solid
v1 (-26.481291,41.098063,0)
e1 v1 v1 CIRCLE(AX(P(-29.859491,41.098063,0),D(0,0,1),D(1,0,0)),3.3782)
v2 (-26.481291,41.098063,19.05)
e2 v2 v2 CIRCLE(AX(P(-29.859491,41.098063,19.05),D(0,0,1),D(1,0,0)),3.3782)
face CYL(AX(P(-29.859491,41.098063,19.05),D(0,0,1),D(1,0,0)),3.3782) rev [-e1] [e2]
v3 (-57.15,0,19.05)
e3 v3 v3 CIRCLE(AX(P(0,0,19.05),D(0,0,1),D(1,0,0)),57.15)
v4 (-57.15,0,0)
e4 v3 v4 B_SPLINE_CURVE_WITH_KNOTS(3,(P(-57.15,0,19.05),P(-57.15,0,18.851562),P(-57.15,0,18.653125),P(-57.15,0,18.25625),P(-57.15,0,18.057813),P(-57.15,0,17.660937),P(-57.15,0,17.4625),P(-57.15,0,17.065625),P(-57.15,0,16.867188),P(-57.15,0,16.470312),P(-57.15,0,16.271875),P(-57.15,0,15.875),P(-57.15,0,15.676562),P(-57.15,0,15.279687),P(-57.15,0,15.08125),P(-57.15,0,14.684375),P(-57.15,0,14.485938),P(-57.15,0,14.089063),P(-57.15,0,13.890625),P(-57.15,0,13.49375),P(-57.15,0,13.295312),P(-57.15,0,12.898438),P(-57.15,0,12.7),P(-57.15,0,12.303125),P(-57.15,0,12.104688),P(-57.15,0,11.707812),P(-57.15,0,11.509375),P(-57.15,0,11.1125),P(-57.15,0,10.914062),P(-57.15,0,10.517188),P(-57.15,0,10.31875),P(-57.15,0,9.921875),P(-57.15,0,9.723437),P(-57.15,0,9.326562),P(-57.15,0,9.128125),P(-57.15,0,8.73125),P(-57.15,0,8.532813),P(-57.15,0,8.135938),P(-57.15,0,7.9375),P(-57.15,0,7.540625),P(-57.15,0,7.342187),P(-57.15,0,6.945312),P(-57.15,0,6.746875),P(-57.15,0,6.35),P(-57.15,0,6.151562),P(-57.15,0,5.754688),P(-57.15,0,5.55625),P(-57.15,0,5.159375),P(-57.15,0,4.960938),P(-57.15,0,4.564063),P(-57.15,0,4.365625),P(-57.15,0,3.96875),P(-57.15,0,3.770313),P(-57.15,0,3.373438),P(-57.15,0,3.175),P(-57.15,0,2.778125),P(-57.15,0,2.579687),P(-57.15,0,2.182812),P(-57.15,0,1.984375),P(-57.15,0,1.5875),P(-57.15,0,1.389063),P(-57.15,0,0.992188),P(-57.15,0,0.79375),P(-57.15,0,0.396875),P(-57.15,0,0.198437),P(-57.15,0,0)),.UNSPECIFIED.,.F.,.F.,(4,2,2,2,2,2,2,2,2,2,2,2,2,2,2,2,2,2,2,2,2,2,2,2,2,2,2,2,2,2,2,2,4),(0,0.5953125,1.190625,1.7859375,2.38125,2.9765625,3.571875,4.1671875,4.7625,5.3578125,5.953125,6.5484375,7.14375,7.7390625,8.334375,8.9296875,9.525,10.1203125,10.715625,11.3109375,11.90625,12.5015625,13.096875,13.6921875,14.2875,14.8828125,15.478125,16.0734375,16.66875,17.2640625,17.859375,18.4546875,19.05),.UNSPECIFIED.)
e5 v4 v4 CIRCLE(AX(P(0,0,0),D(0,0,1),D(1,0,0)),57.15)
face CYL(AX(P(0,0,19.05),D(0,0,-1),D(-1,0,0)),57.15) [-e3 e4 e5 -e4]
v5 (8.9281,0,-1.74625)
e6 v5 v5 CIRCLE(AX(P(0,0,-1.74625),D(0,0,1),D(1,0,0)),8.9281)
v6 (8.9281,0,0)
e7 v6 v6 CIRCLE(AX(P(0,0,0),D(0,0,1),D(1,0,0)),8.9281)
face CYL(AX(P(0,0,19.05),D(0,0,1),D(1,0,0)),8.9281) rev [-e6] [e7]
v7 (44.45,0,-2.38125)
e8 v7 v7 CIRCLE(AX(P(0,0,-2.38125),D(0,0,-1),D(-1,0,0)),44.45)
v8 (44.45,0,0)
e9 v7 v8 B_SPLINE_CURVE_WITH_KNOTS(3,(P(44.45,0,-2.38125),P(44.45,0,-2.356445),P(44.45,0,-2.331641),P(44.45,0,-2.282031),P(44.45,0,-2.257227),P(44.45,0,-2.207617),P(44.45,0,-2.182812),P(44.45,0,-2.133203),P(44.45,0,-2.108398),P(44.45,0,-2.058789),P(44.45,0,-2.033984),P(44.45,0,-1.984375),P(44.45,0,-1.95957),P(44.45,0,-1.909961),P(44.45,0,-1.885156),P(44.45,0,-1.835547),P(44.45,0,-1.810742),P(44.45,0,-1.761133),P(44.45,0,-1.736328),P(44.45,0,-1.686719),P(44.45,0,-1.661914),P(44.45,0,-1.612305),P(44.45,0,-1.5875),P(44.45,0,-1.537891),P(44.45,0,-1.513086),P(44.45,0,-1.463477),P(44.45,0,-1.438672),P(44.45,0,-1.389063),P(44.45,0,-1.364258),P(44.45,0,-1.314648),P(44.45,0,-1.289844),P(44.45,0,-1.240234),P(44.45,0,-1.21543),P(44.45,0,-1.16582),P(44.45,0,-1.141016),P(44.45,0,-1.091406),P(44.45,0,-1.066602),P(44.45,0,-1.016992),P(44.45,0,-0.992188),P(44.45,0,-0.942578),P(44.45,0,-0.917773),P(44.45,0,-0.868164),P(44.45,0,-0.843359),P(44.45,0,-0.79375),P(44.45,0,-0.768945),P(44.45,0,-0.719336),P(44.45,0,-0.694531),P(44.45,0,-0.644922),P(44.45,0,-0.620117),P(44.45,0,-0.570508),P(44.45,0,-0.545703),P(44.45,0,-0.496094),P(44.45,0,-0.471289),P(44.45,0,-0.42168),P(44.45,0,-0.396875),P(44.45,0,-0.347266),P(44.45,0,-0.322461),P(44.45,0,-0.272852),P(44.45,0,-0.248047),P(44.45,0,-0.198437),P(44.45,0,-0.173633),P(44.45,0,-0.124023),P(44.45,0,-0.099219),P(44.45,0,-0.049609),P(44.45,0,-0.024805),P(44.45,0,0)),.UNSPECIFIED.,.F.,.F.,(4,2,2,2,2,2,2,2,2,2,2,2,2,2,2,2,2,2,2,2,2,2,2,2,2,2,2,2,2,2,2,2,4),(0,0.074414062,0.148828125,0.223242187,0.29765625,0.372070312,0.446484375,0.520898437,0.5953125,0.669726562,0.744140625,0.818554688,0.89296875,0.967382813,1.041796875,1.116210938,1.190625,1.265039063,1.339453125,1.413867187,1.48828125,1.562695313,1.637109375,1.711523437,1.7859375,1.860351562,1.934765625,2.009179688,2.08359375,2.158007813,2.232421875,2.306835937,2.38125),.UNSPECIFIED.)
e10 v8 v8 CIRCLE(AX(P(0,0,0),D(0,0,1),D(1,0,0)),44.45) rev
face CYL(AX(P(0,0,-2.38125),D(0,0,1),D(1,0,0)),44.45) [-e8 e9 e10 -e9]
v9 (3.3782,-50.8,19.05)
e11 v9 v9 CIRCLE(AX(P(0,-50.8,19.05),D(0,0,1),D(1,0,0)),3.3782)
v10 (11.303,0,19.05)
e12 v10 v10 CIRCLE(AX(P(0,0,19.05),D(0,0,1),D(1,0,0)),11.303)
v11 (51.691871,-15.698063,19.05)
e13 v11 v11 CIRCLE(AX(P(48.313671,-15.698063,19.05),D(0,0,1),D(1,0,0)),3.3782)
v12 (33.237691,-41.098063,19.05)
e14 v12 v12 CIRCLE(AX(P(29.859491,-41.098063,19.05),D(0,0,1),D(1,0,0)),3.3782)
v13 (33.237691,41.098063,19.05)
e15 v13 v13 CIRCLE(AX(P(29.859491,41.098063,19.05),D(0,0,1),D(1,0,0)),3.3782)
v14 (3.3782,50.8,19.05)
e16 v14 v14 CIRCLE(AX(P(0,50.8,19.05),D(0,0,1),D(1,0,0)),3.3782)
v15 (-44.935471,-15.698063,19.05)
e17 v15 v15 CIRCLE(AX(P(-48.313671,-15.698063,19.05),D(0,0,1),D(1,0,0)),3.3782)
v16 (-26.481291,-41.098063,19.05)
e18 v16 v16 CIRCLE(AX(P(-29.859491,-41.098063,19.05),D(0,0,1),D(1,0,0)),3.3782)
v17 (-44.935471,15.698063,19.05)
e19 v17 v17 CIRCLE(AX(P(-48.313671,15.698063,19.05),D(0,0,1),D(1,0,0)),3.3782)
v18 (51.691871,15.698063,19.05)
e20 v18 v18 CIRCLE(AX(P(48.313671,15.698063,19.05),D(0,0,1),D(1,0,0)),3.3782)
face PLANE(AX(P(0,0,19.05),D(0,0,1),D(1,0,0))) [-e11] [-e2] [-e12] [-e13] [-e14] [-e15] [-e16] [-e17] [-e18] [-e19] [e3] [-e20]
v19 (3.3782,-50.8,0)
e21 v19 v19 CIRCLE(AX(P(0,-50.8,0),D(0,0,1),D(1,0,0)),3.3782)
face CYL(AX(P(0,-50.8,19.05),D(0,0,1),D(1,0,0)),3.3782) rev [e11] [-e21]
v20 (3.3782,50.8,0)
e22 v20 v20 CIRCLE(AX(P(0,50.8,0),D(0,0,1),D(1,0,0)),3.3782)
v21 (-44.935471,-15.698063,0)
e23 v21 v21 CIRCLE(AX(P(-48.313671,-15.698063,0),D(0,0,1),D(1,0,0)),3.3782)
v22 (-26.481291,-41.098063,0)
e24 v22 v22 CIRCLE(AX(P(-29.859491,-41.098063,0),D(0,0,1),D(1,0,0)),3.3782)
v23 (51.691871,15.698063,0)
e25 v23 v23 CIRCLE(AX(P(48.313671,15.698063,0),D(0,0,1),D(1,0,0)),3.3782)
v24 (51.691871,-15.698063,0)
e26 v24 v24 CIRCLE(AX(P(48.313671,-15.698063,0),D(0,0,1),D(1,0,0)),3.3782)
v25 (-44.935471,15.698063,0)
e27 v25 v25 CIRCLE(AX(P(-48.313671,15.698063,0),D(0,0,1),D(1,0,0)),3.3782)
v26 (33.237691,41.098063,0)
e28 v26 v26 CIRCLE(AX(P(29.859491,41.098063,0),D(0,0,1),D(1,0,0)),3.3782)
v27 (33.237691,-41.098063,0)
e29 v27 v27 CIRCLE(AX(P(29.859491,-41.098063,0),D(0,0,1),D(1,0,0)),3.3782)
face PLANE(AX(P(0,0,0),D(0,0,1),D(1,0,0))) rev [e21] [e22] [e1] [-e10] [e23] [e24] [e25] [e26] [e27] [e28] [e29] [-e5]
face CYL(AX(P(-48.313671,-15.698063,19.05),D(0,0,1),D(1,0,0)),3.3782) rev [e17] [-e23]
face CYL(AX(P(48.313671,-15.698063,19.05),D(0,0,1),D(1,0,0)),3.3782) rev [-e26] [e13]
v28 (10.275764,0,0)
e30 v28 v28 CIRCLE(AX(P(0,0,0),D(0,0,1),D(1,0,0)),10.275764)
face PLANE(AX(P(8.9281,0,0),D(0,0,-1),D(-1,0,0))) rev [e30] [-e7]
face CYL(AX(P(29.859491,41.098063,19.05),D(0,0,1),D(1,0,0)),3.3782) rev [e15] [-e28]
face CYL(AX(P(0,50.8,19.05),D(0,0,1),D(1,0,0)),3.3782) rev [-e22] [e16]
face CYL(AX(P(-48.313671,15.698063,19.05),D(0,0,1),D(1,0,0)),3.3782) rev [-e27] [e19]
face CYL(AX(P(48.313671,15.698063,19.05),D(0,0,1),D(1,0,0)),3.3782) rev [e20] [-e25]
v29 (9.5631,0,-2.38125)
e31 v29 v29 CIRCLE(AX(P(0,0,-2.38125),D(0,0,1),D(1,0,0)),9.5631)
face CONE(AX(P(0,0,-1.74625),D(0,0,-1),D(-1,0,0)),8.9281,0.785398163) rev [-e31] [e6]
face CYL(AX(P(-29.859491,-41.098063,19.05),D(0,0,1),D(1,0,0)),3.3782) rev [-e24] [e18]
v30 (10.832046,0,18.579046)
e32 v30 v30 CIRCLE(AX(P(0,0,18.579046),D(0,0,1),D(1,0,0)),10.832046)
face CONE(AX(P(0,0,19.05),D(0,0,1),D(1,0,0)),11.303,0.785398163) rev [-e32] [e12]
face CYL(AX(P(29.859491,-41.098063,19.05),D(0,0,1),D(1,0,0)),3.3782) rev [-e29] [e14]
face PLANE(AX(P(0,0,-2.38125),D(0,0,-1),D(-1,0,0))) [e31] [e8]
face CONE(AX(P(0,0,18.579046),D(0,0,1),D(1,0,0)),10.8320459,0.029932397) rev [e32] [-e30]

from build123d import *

# Parameters (mm, degrees)
SKETCH1_R                   = 57.15
BOSS_EXTRUDE1_DEPTH         = 19.05
F_1_4_CLEARANCE_HOLE1_D     = 6.7564
F_1_4_CLEARANCE_HOLE1_DEPTH = 57.15
F_1_4_CLEARANCE_HOLE1_TIP   = 2.029827343
SKETCH9_R                   = 44.45
PIPE_ALIGNMENTSEAL_DEPTH    = 2.38125


with BuildPart() as part:
    # Sketch1 → Boss-Extrude1 (new body)
    with BuildSketch(Plane.XY):
        with Locations(Location((0, 0, 0), (0, 0, 180))):
            Circle(SKETCH1_R)
    extrude(amount=BOSS_EXTRUDE1_DEPTH)

    # 1/4 Clearance Hole1
    with Locations(Plane.XY.offset(19.05)):
        with Locations((0, 50.8), (29.859490816, 41.098063314), (48.313671028, 15.698063314), (48.313671028, -15.698063314), (29.859490816, -41.098063314), (0, -50.8), (-29.859490816, -41.098063314), (-48.313671028, -15.698063314), (-48.313671028, 15.698063314), (-29.859490816, 41.098063314)):
            Hole(F_1_4_CLEARANCE_HOLE1_D / 2, depth=F_1_4_CLEARANCE_HOLE1_DEPTH)
            with Locations((0, 0, -(F_1_4_CLEARANCE_HOLE1_DEPTH + F_1_4_CLEARANCE_HOLE1_TIP / 2))):  # 118° drill point
                Cone(0, F_1_4_CLEARANCE_HOLE1_D / 2, F_1_4_CLEARANCE_HOLE1_TIP, mode=Mode.SUBTRACT)

    # Sketch9 → Pipe AlignmentSeal (add)
    with BuildSketch(Plane(origin=(0, 0, 0), x_dir=(-1, 0, 0), z_dir=(0, 0, -1))):
        with Locations(Location((0, 0, 0), (0, 0, 180))):
            Circle(SKETCH9_R)
    extrude(amount=PIPE_ALIGNMENTSEAL_DEPTH)

    # Sketch14 → 1/2 NPT Tapped Hole6 (revolve, cut)
    with BuildSketch(Plane(origin=(0, 0, 19.05), x_dir=(0, -1, 0), z_dir=(1, 0, 0))):
        Polygon((0, 0), (0, 21.43125), (9.5631, 21.43125), (8.9281, 20.79625), (8.9281, 19.05), (10.275764385, 19.05), (10.8320459, 0.4709541), (11.303, 0), align=None)
    revolve(axis=Axis((0, 0, 25.4), (0, 0, -1)), mode=Mode.SUBTRACT)


solid = part.part
